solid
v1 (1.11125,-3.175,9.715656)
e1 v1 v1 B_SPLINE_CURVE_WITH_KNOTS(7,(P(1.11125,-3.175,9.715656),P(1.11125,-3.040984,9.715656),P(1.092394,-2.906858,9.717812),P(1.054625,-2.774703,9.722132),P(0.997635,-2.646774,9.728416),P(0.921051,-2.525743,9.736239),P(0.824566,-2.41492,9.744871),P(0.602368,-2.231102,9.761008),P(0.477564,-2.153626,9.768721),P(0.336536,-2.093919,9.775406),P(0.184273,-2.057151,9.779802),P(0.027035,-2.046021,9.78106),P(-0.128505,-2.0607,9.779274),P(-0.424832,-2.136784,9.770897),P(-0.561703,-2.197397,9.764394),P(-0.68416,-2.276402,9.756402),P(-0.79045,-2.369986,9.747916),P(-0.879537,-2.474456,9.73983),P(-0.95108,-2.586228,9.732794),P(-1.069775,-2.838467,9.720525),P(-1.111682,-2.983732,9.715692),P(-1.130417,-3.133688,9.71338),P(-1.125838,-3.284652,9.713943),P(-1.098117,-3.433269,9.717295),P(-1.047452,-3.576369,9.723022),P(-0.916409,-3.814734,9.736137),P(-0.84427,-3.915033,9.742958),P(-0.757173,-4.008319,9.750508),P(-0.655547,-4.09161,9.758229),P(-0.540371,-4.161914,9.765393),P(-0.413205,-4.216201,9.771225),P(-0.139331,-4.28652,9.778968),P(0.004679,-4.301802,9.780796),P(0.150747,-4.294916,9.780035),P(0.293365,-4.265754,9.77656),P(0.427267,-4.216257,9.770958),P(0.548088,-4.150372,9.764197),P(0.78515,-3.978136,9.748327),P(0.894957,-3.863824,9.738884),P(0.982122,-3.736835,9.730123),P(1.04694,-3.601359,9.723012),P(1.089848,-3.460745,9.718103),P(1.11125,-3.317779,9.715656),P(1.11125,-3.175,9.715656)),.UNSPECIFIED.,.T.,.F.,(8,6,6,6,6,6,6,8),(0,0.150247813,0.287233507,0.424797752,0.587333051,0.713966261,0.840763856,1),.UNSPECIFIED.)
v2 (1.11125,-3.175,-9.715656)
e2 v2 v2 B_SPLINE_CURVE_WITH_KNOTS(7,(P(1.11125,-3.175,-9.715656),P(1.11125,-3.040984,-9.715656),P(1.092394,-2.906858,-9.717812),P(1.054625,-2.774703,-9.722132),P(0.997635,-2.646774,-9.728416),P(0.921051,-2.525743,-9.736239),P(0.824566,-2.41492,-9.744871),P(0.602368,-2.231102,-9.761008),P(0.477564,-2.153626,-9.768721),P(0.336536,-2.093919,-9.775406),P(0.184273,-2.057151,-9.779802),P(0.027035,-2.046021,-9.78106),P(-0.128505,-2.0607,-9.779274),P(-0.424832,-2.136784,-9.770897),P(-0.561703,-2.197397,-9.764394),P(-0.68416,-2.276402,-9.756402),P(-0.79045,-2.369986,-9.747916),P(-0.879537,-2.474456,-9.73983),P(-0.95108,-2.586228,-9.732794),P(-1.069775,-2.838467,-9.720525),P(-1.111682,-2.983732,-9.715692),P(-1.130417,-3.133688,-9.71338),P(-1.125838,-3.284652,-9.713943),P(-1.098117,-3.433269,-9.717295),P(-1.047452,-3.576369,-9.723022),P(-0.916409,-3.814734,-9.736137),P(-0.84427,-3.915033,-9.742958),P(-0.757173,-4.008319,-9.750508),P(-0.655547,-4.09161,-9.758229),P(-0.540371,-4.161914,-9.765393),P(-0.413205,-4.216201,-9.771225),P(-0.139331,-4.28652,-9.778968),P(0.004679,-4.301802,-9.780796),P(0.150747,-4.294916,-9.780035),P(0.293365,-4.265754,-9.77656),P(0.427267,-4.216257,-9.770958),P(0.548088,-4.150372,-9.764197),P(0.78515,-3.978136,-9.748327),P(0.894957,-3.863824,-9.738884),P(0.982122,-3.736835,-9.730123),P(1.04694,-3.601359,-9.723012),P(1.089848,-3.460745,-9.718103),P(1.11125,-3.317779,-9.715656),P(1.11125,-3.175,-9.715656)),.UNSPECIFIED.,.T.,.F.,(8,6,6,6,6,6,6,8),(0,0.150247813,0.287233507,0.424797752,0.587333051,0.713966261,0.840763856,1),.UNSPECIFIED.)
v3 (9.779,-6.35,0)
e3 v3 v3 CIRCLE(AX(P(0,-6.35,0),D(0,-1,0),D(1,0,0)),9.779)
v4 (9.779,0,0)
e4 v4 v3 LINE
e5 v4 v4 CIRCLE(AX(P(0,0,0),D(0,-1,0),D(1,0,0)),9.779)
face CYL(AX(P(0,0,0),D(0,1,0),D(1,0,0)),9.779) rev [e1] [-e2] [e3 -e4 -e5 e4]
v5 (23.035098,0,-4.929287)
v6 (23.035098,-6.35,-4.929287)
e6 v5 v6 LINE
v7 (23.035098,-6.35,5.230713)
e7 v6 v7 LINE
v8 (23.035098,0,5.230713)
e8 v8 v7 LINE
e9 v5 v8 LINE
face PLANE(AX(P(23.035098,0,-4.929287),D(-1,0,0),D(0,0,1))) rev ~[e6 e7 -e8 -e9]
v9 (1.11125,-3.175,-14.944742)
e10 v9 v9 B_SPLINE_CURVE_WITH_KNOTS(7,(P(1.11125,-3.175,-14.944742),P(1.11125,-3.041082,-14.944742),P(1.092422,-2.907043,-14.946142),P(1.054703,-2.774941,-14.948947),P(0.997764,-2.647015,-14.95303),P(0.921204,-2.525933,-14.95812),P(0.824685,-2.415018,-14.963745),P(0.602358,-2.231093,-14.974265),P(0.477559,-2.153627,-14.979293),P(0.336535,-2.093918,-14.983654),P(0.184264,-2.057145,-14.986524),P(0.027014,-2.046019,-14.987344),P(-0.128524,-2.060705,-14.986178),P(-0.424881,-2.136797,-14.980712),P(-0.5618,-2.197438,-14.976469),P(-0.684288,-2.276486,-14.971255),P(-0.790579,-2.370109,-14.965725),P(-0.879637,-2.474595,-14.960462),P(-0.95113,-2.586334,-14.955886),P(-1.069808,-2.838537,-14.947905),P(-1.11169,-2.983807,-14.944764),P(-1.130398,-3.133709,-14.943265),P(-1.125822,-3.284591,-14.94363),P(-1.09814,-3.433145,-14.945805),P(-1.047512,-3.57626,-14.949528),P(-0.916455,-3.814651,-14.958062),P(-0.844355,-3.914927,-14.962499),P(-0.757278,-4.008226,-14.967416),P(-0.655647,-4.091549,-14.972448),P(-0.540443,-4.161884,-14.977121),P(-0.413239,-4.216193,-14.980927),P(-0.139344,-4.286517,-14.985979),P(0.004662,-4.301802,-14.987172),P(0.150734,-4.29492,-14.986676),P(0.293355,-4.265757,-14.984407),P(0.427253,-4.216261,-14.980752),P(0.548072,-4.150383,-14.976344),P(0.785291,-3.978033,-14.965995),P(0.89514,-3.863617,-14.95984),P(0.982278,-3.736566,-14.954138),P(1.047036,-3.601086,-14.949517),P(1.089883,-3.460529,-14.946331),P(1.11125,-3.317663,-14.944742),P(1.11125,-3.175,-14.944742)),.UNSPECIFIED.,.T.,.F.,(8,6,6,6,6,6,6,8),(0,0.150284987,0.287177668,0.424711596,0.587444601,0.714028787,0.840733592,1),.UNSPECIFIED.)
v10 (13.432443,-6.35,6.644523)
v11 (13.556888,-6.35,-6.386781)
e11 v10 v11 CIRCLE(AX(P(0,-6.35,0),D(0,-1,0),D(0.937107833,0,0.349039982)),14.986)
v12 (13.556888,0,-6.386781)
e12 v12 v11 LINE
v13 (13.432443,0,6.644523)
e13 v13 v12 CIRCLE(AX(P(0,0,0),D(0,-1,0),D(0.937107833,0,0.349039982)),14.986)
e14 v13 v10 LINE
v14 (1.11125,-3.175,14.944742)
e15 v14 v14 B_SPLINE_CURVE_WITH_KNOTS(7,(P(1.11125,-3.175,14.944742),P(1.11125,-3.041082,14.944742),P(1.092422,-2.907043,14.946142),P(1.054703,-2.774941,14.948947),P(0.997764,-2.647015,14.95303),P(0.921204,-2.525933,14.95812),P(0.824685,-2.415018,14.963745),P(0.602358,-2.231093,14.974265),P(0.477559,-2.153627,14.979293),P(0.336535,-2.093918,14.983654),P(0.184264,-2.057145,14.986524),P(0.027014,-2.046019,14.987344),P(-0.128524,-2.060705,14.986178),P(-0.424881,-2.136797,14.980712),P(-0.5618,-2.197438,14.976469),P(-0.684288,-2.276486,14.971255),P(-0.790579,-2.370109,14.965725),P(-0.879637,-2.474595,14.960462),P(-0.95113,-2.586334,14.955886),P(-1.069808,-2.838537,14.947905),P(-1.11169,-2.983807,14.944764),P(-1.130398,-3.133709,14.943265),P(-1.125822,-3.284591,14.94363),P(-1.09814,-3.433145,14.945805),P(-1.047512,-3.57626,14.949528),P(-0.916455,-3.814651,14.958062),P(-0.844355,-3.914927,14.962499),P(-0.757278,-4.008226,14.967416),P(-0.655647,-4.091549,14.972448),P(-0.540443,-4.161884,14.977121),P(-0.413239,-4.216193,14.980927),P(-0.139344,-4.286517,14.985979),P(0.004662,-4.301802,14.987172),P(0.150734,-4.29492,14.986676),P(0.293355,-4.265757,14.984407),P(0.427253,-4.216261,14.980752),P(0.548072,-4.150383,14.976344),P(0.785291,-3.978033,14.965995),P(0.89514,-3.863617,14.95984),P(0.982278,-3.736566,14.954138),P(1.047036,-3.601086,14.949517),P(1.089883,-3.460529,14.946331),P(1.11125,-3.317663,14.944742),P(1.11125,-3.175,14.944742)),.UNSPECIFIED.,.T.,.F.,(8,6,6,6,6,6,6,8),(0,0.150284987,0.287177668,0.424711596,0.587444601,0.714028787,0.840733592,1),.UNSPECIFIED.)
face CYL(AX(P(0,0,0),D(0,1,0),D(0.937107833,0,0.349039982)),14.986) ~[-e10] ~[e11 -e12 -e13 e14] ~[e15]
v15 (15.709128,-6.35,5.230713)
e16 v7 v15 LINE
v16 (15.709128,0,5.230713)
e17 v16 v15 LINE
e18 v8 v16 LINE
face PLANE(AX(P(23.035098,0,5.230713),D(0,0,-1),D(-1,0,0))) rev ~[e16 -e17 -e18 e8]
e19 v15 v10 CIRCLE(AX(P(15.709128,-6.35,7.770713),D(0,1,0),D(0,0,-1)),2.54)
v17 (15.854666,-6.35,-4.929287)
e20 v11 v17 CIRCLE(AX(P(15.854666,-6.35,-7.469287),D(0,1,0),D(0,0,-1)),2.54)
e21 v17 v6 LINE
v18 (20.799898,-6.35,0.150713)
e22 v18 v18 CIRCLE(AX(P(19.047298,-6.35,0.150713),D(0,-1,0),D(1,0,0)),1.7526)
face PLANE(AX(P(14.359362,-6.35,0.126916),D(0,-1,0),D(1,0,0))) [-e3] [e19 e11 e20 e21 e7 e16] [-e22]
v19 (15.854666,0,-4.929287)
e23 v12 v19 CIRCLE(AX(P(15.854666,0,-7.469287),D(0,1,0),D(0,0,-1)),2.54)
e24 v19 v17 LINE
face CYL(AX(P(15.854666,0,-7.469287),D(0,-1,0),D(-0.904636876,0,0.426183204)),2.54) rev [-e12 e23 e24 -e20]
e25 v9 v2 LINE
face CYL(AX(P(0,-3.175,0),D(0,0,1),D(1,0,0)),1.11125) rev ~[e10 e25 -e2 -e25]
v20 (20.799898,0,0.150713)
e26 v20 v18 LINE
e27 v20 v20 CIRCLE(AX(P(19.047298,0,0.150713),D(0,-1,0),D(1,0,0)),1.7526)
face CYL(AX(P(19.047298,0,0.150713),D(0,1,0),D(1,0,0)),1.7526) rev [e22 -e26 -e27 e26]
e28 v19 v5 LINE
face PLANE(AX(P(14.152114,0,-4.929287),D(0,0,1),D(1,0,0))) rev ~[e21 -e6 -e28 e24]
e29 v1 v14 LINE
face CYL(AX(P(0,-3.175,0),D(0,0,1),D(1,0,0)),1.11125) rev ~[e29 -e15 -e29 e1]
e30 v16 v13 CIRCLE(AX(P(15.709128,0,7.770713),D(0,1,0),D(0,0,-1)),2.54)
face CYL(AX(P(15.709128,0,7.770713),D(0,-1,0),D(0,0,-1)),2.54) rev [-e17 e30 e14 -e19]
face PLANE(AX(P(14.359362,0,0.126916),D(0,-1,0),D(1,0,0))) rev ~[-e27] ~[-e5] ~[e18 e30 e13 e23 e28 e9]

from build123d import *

# Parameters (mm, degrees)
F0_R     = 1.7526
F0_R_2   = 9.779
F1_DEPTH = 6.35
F2_R     = 1.11125
F3_DEPTH = 25.4
F4_R     = 2.54
F5_R     = 2.54


with BuildPart() as f1:
    # F0 (on Front) → F1 (new body)
    with BuildSketch(Plane.XZ):
        with BuildLine():
            ThreePointArc((14.1521138842, -4.9292868255), (14.7760579092, -2.4996617102), (14.986, 0))
            ThreePointArc((14.986, 0), (14.7484924114, 2.6574739115), (14.0434979861, 5.2307131745))
            Line((14.0434979861, 5.2307131745), (14.0434979861, -4.9292868255))
            Line((14.0434979861, -4.9292868255), (14.1521138842, -4.9292868255))
        make_face()
        with BuildLine():
            ThreePointArc((14.0434979861, 5.2307131745), (14.7484924114, 2.6574739115), (14.986, 0))
            ThreePointArc((14.986, 0), (14.7760579092, -2.4996617102), (14.1521138842, -4.9292868255))
            Line((14.1521138842, -4.9292868255), (23.0350979861, -4.9292868255))
            Line((23.0350979861, -4.9292868255), (23.0350979861, 5.2307131745))
            Line((23.0350979861, 5.2307131745), (14.0434979861, 5.2307131745))
        make_face()
        with Locations((19.0472979861, 0.1507131745)):
            Circle(F0_R, mode=Mode.SUBTRACT)
        with BuildLine():
            Line((14.0434979861, -4.9292868255), (14.0434979861, 5.2307131745))
            ThreePointArc((14.0434979861, 5.2307131745), (-14.9851437159, -0.1601992956), (14.1521138842, -4.9292868255))
            Line((14.1521138842, -4.9292868255), (14.0434979861, -4.9292868255))
        make_face()
        Circle(F0_R_2, mode=Mode.SUBTRACT)
    extrude(amount=F1_DEPTH)

    # F2 (on Top) → F3 (cut, symmetric)
    with BuildSketch(Plane.XY):
        with Locations((0, -3.175)):
            Circle(F2_R)
    extrude(amount=F3_DEPTH, both=True, mode=Mode.SUBTRACT)

    # F4
    f4_edges = [f1.edges().sort_by_distance(p)[0] for p in [
        (14.043498, -3.175, 5.230713),
    ]]
    fillet(f4_edges, radius=F4_R)

    # F5
    f5_edges = [f1.edges().sort_by_distance(p)[0] for p in [
        (14.152114, -3.175, -4.929287),
    ]]
    fillet(f5_edges, radius=F5_R)


solid = f1.part
